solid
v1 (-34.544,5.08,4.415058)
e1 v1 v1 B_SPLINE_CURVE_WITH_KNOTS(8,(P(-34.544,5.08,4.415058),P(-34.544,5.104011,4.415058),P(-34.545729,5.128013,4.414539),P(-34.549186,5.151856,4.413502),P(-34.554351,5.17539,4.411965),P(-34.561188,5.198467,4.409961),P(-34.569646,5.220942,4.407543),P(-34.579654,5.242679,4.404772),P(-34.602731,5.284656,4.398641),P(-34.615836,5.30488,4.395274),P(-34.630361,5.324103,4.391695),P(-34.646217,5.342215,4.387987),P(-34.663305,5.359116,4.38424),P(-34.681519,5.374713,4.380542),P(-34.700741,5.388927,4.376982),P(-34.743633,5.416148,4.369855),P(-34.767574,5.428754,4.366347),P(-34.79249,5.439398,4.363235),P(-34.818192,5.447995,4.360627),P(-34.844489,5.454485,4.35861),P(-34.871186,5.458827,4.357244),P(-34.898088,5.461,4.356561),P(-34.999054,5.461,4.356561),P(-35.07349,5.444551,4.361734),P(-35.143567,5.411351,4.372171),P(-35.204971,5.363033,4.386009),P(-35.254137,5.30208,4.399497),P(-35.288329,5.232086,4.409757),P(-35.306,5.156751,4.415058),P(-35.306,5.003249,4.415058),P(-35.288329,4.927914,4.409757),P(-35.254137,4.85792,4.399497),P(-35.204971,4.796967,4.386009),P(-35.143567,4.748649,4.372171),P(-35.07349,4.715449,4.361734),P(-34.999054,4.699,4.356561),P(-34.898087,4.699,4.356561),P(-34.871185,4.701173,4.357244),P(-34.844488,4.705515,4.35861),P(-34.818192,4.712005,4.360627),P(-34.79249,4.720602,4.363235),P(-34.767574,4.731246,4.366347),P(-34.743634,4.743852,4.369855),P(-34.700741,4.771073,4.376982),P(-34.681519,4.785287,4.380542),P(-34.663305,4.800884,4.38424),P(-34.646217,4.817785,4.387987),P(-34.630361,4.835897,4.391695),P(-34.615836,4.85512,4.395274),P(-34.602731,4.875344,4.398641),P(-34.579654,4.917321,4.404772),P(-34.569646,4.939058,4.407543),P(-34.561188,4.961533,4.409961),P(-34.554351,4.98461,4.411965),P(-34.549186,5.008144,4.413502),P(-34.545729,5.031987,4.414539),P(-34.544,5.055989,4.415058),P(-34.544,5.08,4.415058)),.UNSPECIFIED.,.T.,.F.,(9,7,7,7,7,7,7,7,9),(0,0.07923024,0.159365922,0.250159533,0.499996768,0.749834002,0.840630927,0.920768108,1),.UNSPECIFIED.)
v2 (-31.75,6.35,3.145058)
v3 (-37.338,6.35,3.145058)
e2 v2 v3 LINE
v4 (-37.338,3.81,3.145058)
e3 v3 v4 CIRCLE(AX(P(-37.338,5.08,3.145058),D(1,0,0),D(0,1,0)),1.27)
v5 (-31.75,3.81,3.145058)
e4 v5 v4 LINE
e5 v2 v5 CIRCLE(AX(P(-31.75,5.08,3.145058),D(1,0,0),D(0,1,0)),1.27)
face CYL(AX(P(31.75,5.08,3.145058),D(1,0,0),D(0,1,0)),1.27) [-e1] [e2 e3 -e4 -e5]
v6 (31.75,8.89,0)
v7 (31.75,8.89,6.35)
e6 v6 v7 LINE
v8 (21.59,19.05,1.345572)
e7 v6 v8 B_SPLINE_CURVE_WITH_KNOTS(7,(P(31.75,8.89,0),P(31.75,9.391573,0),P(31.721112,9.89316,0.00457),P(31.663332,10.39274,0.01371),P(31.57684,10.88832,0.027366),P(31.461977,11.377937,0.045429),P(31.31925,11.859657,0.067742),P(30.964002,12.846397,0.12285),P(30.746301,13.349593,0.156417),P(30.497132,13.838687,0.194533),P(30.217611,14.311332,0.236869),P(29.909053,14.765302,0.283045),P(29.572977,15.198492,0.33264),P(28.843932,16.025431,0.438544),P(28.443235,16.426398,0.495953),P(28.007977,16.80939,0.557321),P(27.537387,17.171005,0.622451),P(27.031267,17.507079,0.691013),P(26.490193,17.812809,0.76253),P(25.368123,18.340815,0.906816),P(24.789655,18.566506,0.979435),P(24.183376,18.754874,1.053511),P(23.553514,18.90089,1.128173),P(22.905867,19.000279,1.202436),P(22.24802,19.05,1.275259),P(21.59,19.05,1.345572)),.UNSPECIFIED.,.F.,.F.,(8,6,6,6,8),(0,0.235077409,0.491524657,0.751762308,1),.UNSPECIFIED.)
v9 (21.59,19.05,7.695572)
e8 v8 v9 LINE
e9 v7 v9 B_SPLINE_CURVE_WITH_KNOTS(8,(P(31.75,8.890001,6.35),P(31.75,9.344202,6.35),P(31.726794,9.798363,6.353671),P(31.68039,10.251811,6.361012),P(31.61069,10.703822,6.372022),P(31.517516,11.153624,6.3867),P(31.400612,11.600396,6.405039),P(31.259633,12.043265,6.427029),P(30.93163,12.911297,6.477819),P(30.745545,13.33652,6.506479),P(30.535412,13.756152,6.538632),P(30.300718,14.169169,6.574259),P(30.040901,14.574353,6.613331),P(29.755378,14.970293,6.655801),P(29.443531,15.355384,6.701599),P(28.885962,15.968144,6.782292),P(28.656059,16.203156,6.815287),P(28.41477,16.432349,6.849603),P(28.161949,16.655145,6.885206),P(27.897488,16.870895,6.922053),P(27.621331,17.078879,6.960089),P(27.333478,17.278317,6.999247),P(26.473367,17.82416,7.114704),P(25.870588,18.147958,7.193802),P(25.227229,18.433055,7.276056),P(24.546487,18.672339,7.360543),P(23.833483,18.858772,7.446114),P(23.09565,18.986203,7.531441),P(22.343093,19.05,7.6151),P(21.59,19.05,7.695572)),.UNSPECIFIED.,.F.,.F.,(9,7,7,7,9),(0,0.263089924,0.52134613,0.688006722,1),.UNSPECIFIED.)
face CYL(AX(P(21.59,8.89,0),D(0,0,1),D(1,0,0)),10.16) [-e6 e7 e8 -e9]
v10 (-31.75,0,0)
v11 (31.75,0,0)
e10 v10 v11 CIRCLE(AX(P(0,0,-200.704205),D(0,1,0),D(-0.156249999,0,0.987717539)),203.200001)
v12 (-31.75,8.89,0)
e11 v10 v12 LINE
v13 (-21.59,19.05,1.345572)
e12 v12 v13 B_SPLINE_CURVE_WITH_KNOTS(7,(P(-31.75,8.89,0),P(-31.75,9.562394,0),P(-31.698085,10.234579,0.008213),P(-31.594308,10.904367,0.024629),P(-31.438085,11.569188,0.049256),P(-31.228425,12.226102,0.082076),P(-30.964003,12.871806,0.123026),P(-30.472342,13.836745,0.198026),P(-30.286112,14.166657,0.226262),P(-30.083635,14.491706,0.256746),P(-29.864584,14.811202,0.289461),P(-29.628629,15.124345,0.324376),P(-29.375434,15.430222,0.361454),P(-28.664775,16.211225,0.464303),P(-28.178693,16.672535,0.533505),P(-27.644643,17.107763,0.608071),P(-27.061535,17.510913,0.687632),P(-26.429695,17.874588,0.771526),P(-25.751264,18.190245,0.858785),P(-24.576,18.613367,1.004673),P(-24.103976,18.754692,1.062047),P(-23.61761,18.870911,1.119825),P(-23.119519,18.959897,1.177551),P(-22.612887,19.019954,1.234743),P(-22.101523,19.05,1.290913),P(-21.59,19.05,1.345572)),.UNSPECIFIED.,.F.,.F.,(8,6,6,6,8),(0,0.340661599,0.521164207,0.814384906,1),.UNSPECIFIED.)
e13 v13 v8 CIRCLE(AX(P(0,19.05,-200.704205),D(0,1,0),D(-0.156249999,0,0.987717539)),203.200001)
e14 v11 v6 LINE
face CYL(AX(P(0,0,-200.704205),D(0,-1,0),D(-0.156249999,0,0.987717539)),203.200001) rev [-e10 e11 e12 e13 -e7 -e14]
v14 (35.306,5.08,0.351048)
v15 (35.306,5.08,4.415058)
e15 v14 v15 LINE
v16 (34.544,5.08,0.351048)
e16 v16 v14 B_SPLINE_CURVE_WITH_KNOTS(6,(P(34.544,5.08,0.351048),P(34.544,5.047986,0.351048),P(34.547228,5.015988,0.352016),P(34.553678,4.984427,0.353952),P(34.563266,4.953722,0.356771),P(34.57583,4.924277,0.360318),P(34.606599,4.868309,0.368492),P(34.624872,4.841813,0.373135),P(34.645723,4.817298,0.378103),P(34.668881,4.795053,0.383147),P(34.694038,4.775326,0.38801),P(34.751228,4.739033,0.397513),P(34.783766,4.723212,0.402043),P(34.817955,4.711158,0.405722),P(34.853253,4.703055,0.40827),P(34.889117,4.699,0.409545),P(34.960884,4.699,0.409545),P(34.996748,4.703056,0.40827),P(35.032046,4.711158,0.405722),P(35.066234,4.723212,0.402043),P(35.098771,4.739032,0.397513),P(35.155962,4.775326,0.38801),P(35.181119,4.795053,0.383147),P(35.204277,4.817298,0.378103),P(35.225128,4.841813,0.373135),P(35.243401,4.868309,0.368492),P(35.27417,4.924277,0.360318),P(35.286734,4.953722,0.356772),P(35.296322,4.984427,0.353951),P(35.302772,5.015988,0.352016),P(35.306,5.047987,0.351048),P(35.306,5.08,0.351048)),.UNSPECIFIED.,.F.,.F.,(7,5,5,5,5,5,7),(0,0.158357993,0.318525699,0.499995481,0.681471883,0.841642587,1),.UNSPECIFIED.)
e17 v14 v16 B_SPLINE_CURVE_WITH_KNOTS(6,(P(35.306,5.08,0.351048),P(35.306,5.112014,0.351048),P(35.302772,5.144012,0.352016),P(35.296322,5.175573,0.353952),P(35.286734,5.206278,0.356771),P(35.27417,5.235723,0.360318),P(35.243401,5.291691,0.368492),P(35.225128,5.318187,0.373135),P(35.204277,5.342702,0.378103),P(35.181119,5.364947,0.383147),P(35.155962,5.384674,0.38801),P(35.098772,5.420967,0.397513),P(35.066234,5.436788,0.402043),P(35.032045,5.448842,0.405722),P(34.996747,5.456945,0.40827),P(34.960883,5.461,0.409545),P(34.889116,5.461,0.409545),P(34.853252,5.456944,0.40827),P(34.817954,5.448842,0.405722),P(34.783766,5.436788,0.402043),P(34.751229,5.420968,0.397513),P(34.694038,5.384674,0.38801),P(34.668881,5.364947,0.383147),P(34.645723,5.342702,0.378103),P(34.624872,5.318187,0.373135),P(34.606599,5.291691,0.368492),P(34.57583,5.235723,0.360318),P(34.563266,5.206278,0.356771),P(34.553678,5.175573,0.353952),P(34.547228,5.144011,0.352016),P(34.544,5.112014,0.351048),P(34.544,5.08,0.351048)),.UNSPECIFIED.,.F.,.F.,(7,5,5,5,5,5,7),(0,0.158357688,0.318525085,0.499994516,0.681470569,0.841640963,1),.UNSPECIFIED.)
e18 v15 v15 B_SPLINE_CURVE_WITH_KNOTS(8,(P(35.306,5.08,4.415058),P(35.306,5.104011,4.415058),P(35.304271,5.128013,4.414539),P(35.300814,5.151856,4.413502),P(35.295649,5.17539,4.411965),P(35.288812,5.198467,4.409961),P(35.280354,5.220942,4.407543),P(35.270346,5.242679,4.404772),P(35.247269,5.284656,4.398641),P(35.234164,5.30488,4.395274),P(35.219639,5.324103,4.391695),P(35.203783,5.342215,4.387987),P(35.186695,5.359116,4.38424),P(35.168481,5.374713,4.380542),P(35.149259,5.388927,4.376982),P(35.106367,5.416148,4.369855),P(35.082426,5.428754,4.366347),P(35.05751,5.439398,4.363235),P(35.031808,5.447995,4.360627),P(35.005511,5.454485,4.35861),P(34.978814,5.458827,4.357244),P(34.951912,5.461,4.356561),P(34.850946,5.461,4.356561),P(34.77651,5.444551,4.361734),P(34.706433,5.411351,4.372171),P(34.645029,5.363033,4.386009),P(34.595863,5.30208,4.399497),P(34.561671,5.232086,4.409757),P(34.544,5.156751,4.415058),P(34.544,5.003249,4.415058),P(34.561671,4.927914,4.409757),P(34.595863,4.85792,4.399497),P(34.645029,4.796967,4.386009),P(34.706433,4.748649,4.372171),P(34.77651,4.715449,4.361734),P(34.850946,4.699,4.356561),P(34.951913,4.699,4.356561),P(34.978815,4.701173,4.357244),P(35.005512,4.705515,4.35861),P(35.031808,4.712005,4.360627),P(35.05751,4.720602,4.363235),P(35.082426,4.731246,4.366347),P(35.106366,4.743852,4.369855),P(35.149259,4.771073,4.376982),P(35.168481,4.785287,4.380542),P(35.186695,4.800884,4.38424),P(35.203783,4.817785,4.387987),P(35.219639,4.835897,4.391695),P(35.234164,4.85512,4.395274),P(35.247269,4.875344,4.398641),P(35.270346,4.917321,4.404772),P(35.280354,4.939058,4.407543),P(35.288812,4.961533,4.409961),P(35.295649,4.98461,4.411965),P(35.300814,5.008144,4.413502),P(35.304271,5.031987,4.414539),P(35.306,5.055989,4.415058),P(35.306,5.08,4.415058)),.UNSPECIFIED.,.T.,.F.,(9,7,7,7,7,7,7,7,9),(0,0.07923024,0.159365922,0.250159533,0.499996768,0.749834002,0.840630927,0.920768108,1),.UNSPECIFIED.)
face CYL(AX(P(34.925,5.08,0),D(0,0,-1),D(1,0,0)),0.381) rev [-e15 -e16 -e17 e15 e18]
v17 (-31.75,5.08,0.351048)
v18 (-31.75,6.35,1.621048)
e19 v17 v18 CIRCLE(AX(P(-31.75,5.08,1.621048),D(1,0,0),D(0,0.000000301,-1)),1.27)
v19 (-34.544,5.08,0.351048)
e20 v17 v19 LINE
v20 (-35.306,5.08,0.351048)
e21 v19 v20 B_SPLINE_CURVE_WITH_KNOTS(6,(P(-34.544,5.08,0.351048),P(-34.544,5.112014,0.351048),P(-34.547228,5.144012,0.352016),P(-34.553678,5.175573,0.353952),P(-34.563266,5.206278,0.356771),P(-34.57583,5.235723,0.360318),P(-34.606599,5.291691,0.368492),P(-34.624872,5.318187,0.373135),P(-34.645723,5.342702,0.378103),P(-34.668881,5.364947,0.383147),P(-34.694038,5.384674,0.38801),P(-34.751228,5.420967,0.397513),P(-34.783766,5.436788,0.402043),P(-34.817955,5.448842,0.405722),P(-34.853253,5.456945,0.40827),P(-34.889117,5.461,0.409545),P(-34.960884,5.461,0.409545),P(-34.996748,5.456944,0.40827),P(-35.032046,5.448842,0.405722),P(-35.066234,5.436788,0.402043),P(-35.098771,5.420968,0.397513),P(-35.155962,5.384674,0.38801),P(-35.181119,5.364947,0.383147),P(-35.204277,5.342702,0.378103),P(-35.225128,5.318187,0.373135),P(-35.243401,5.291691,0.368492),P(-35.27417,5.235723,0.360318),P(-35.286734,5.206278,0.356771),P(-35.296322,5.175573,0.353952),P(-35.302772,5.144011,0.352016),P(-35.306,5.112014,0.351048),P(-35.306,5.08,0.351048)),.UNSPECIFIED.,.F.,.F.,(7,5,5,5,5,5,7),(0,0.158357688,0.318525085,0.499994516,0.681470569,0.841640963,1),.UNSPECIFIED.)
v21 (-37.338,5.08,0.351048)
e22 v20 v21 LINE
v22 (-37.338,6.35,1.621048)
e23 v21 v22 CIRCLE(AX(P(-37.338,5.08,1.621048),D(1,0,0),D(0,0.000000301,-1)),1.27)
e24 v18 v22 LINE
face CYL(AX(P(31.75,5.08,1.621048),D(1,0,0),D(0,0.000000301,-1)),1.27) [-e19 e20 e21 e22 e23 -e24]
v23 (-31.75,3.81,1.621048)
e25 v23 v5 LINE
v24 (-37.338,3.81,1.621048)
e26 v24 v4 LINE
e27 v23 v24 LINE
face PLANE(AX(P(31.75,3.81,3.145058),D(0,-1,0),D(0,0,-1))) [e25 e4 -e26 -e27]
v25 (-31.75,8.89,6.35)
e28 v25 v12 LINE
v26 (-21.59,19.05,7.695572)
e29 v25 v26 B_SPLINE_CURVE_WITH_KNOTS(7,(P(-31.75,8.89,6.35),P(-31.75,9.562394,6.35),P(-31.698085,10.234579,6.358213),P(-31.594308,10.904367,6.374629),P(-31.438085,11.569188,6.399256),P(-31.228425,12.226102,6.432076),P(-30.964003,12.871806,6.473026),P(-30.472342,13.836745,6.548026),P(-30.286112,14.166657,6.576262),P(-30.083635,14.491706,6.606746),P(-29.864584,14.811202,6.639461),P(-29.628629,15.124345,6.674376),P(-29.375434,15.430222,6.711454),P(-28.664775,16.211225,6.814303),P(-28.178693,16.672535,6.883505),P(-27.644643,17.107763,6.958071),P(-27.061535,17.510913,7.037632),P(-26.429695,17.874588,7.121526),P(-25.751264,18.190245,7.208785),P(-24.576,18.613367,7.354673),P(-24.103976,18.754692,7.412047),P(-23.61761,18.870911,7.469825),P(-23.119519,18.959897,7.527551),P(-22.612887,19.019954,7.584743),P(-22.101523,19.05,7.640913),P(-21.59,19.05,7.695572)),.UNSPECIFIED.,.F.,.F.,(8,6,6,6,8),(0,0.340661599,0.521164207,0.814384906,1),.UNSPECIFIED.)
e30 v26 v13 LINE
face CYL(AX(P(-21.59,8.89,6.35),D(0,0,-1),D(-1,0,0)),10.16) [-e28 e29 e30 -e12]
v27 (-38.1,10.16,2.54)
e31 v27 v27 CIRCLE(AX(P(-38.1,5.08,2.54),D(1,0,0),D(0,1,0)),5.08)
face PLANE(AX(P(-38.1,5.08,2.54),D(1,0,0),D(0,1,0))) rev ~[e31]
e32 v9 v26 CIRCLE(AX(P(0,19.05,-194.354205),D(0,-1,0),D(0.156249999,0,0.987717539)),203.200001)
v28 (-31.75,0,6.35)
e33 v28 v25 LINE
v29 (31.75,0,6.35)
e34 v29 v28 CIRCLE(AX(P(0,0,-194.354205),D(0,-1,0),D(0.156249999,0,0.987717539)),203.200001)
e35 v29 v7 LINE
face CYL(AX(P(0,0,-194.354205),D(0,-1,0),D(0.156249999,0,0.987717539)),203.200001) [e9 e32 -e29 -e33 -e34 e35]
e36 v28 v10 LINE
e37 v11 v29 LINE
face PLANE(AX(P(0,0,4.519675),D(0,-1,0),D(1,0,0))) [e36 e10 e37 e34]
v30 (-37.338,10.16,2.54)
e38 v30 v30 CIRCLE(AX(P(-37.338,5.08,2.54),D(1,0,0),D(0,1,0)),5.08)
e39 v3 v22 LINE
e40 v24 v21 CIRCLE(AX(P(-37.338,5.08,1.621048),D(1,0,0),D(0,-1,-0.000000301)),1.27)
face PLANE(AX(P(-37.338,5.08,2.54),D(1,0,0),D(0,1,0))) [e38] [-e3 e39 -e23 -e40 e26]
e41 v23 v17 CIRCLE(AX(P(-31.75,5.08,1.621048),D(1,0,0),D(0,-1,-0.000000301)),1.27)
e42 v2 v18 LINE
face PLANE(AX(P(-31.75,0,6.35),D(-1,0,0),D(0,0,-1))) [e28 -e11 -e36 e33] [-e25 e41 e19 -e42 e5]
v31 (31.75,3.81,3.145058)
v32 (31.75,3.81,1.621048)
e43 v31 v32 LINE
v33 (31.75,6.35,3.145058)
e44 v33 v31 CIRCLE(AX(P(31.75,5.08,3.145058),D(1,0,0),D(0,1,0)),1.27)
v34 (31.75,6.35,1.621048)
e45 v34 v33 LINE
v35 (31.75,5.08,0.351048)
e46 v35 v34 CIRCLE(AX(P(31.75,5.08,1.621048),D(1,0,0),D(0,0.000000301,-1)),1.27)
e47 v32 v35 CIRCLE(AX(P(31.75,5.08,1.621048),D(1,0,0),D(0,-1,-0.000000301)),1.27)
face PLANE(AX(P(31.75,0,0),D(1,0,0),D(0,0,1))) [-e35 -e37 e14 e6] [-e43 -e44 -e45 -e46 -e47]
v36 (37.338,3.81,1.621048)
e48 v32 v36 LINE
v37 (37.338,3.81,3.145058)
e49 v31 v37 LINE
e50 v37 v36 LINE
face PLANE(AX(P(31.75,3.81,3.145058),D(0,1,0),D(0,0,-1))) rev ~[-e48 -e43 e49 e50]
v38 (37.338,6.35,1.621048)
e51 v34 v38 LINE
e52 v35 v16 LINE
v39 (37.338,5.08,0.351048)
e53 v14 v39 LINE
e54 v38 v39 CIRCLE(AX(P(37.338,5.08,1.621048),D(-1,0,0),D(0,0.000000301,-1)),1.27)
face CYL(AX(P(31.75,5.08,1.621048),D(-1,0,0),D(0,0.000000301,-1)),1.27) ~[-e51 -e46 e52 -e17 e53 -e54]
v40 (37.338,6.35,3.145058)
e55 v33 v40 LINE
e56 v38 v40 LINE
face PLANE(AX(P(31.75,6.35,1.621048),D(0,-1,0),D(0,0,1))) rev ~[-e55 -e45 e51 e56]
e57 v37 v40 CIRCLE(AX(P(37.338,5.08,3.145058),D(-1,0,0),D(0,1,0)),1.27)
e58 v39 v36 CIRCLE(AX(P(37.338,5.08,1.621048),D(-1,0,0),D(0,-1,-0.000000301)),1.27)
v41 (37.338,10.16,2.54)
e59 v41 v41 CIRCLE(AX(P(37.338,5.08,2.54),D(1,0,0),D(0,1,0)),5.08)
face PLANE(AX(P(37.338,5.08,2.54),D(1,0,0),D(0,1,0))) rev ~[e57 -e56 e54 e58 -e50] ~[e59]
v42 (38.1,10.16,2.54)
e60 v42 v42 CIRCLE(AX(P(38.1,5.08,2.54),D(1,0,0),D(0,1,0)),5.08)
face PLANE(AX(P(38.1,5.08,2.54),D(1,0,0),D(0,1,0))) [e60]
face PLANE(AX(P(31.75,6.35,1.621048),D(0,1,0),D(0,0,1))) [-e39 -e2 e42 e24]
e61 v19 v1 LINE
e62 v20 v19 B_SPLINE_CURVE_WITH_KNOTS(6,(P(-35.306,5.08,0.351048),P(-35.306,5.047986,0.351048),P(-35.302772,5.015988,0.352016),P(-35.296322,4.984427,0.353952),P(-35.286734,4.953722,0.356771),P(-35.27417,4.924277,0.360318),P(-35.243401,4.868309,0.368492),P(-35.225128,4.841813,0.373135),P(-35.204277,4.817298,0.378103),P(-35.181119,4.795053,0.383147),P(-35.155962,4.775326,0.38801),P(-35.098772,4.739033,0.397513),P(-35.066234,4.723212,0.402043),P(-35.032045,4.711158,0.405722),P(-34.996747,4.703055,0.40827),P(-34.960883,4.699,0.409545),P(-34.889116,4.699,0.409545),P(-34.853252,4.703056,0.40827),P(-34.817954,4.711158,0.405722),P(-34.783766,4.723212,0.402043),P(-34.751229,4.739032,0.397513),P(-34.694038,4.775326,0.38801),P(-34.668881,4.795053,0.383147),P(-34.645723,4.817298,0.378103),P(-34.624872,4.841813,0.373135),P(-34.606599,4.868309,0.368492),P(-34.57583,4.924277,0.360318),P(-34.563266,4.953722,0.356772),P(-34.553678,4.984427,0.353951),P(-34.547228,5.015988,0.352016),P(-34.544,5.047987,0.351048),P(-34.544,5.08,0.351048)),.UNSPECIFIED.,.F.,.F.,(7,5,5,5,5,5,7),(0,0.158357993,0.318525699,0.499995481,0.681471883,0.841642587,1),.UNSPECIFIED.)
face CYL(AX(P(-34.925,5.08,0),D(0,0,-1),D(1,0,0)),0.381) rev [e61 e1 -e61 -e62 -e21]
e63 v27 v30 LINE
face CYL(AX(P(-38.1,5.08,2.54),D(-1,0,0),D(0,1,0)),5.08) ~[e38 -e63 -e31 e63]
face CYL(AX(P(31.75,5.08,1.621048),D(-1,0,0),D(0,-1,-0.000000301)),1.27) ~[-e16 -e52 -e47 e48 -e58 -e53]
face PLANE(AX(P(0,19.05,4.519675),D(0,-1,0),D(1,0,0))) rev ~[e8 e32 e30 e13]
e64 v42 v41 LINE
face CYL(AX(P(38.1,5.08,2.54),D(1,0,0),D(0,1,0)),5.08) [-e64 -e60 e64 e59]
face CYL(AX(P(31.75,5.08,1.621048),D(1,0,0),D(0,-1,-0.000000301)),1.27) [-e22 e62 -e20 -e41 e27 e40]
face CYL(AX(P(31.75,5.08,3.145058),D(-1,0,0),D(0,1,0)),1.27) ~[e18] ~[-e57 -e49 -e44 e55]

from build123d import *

# Parameters (mm, degrees)
F1_DEPTH  = 19.05
F2_R      = 10.16
F5_DEPTH  = 6.35
F6_DEPTH  = 69.85
F8_DEPTH  = 25.4
F10_R     = 5.08
F11_DEPTH = 0.762
F13_R     = 5.08
F14_DEPTH = 0.762
F15_R     = 0.381
F16_DEPTH = 25.4


with BuildPart() as f1:
    # F0 (on Front) → F1 (new body)
    with BuildSketch(Plane.XZ):
        with BuildLine():
            Line((31.75, 0), (31.75, 6.35))
            ThreePointArc((31.75, 6.35), (0, 8.845796), (-31.75, 6.35))
            Line((-31.75, 6.35), (-31.75, 0))
            ThreePointArc((-31.75, 0), (0, 2.495796), (31.75, 0))
        make_face()
    extrude(amount=-F1_DEPTH)

    # F2
    f2_edges = [f1.edges().sort_by_distance(p)[0] for p in [
        (-31.75, 19.05, 3.175),
        (31.75, 19.05, 3.175),
    ]]
    fillet(f2_edges, radius=F2_R)

    # F4 (on offset) → F5 (join)
    with BuildSketch(Plane.YZ.offset(31.75)):
        with BuildLine():
            Line((6.35, 1.621048), (6.35, 3.145058))
            ThreePointArc((6.35, 3.145058), (5.08, 4.415058), (3.81, 3.145058))
            Line((3.81, 3.145058), (3.81, 1.621048))
            ThreePointArc((3.81, 1.621048), (4.181974, 0.723023), (5.08, 0.351048))
            ThreePointArc((5.08, 0.351048), (5.978026, 0.723023), (6.35, 1.621048))
        make_face()
    extrude(amount=F5_DEPTH)

    # F4 (on offset) → F6 (join)
    with BuildSketch(Plane.YZ.offset(31.75)):
        with BuildLine():
            Line((6.35, 1.621048), (6.35, 3.145058))
            ThreePointArc((6.35, 3.145058), (5.08, 4.415058), (3.81, 3.145058))
            Line((3.81, 3.145058), (3.81, 1.621048))
            ThreePointArc((3.81, 1.621048), (4.181974, 0.723023), (5.08, 0.351048))
            ThreePointArc((5.08, 0.351048), (5.978026, 0.723023), (6.35, 1.621048))
        make_face()
    extrude(amount=-F6_DEPTH)

    # F7 (on Front) → F8 (cut)
    with BuildSketch(Plane.XZ):
        with BuildLine():
            Line((-31.75, 0), (31.75, 0))
            ThreePointArc((31.75, 0), (0, 2.495796), (-31.75, 0))
        make_face()
    extrude(amount=-F8_DEPTH, mode=Mode.SUBTRACT)

    # F10 (on offset) → F11 (join)
    with BuildSketch(Plane.YZ.offset(-38.1)):
        with Locations((5.08, 2.54)):
            Circle(F10_R)
    extrude(amount=F11_DEPTH)

    # F13 (on offset) → F14 (join)
    with BuildSketch(Plane.YZ.offset(38.1)):
        with Locations((5.08, 2.54)):
            Circle(F13_R)
    extrude(amount=-F14_DEPTH)

    # F15 (on Top) → F16 (cut)
    with BuildSketch(Plane.XY):
        with Locations((34.925, 5.08)):
            Circle(F15_R)
        with Locations((-34.925, 5.08)):
            Circle(F15_R)
    extrude(amount=F16_DEPTH, mode=Mode.SUBTRACT)


solid = f1.part
